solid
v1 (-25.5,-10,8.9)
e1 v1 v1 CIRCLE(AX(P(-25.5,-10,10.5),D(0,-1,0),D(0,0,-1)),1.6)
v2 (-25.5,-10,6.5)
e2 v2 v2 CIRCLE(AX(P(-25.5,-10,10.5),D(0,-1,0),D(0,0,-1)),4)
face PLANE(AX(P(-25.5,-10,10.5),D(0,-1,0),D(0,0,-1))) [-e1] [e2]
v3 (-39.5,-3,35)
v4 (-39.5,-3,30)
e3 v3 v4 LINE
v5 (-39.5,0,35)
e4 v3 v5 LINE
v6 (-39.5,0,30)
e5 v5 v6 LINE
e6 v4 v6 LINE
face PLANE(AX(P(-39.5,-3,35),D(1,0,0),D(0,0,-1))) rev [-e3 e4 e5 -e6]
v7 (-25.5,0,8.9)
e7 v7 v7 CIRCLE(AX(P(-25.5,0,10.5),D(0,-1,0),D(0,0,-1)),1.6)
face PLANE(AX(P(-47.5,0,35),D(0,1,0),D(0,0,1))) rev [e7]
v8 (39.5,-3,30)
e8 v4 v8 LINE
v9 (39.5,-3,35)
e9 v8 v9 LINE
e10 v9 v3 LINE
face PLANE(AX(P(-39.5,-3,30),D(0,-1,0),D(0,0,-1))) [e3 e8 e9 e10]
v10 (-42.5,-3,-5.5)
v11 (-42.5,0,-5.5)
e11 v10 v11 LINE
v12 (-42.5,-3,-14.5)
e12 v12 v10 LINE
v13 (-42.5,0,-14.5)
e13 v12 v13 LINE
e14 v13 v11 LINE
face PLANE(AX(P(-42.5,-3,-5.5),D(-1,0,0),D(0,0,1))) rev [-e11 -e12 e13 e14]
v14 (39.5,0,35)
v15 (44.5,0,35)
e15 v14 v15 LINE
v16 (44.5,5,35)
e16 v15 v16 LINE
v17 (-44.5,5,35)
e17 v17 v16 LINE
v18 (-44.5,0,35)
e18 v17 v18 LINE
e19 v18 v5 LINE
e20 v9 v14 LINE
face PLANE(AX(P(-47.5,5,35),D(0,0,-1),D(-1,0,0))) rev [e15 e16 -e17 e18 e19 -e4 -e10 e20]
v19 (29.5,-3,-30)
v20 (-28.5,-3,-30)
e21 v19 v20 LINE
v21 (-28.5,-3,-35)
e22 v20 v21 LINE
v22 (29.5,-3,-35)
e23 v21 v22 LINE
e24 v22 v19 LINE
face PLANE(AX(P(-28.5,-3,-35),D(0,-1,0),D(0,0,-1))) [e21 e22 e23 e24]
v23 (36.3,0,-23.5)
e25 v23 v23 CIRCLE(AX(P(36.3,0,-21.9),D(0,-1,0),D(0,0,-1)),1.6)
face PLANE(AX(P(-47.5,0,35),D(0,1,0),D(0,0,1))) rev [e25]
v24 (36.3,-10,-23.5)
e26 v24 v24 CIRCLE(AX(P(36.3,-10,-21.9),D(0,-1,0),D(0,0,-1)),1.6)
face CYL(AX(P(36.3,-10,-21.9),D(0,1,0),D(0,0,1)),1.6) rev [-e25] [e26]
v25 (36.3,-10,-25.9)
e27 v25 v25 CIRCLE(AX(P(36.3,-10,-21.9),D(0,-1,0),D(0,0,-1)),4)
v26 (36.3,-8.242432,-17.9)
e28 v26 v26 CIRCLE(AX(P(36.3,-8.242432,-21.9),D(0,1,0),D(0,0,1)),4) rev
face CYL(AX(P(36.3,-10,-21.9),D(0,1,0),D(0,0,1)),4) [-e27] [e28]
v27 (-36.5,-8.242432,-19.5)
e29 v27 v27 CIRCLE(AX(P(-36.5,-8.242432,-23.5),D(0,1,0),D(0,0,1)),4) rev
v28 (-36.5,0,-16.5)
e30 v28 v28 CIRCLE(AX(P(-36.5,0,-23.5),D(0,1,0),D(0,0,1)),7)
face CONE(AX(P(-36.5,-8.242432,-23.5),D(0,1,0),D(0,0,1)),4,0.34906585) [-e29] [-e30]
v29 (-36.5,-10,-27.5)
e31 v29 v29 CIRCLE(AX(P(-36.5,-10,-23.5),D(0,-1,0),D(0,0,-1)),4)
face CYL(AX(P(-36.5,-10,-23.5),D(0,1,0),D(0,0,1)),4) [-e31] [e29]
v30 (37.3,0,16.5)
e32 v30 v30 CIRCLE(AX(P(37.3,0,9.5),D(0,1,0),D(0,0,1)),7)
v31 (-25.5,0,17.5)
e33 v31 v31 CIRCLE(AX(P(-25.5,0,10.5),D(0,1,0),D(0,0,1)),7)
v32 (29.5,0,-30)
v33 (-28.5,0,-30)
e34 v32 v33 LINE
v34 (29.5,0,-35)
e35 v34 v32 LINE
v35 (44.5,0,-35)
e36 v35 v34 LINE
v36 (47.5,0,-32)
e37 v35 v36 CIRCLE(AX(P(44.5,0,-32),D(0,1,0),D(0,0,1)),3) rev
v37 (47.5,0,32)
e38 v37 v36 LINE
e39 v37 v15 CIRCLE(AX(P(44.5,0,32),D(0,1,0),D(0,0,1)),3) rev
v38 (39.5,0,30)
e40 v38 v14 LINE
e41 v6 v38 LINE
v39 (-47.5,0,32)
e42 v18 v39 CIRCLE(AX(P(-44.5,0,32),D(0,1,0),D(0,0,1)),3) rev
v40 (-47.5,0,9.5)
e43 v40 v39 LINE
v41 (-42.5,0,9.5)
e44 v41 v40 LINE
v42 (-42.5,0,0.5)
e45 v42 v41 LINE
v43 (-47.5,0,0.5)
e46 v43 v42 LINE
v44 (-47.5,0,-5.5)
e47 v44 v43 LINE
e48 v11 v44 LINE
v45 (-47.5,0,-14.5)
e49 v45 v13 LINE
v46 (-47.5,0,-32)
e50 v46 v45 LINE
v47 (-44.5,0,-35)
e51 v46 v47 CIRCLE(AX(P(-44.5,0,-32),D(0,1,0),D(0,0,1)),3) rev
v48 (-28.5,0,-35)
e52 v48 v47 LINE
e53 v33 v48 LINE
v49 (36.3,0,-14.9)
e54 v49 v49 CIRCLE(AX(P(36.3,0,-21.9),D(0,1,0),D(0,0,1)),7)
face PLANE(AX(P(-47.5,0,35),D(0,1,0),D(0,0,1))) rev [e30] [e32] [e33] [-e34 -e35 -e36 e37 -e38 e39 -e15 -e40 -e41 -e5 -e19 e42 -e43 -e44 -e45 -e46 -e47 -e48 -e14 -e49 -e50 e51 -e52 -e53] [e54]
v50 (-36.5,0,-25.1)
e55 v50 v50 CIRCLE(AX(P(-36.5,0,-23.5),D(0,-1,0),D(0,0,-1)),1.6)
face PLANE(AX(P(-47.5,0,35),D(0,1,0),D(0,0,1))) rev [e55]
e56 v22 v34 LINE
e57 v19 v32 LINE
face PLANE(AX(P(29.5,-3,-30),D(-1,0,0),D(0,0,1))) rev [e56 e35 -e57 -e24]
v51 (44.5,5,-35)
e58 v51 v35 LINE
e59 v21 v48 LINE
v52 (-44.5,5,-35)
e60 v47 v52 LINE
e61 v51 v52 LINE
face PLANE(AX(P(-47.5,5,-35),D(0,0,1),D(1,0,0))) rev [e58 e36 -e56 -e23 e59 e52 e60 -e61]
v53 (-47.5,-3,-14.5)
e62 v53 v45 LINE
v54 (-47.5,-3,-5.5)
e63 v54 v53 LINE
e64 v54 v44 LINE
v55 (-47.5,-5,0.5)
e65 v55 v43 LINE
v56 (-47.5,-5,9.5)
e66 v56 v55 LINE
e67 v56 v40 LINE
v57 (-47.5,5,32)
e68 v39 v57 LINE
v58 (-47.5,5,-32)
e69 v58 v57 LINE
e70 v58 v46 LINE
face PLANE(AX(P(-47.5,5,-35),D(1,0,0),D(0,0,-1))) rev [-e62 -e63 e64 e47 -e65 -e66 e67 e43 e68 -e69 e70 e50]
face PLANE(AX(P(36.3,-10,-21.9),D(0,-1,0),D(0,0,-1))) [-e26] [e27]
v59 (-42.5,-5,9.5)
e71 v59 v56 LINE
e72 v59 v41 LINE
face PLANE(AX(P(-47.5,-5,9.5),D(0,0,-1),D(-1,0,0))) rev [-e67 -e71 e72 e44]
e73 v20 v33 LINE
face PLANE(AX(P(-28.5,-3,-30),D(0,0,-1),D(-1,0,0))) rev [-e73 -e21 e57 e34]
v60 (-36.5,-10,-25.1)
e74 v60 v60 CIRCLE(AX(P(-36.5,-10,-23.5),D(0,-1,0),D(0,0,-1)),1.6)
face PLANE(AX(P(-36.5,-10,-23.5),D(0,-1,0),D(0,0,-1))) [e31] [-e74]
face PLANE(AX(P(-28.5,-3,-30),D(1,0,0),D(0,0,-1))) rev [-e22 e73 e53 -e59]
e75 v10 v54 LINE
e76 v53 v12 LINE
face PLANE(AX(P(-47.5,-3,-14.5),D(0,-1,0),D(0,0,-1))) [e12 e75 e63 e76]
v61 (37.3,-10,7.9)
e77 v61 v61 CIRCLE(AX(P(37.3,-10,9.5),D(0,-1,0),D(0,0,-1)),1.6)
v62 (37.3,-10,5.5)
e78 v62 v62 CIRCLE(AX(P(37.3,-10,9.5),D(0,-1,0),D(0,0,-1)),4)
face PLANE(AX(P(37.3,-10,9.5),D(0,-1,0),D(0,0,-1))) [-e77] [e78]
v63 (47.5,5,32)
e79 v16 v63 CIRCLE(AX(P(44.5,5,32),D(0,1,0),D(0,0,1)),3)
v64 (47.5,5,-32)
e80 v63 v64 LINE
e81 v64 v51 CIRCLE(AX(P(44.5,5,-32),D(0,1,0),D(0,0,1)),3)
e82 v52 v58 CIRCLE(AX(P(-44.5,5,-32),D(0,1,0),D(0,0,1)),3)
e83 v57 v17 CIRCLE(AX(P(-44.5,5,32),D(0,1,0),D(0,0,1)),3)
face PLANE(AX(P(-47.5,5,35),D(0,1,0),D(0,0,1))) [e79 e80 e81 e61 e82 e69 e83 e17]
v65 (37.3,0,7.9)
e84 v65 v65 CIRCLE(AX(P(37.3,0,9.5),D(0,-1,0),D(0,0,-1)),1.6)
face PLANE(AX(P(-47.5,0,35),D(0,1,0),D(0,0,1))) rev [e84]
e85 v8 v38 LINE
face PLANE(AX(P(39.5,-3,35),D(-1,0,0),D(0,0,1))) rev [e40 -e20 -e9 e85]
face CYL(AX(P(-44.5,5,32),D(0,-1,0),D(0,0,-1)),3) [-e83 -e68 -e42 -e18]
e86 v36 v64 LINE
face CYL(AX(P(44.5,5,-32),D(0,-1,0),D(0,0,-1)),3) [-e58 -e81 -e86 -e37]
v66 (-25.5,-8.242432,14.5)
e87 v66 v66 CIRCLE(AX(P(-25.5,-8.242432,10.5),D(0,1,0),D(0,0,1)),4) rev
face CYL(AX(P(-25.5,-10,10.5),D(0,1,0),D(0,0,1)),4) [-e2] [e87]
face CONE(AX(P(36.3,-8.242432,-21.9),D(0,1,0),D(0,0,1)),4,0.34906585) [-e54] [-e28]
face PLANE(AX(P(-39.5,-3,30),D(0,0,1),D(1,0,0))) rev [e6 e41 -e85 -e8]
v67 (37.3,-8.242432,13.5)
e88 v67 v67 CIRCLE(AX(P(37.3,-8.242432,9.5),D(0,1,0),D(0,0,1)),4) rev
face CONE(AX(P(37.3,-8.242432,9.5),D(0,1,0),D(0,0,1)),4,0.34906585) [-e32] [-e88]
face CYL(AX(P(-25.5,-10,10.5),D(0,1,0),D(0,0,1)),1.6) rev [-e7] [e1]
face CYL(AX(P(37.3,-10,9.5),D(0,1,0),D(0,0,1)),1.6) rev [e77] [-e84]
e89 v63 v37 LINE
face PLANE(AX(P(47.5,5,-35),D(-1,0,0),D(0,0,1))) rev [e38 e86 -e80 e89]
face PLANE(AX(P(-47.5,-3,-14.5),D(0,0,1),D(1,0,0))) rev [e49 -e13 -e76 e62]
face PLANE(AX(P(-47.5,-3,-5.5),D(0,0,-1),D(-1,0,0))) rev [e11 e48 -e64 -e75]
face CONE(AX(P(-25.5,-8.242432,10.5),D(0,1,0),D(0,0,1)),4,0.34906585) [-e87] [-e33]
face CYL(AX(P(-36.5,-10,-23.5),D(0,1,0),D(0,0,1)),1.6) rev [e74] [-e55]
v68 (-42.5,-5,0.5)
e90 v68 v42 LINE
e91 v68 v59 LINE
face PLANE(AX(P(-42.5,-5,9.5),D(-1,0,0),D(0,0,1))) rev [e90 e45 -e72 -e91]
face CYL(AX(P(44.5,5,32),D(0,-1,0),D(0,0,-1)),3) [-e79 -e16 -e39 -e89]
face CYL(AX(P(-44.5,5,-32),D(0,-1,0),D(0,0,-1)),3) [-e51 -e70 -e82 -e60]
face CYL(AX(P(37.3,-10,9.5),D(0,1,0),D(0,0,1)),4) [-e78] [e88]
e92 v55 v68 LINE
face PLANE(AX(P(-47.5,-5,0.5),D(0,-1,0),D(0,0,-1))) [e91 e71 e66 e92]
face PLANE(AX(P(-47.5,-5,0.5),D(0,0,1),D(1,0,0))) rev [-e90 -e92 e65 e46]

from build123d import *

# Parameters (mm, degrees)
ESQUISSE1_W      = 95
ESQUISSE1_H      = 70
EXTRUSION1_DEPTH = 5
ESQUISSE2_W      = 79
ESQUISSE2_H      = 5
ESQUISSE2_W_2    = 58
ESQUISSE2_W_3    = 5
ESQUISSE2_H_2    = 9
EXTRUSION2_DEPTH = 3
ESQUISSE3_W      = 5
ESQUISSE3_H      = 9
EXTRUSION3_DEPTH = 5
CONG_1_R         = 3
ESQUISSE5_R      = 4
ESQUISSE5_R_2    = 1.6
EXTRUSION4_DEPTH = 10
CHANFREIN1_SIZE  = 3
CHANFREIN1_SIZE2 = 8.242432258


with BuildPart() as part:
    # Esquisse1 → Extrusion1 (new body)
    with BuildSketch(Plane(origin=(0, 0, 0), x_dir=(1, 0, 0), z_dir=(0, 1, 0))):
        Rectangle(ESQUISSE1_W, ESQUISSE1_H)
    extrude(amount=EXTRUSION1_DEPTH)

    # Esquisse2 → Extrusion2 (add)
    with BuildSketch(Plane.XZ):
        with Locations((0, 32.5)):
            Rectangle(ESQUISSE2_W, ESQUISSE2_H)
        with Locations((0.5, -32.5)):
            Rectangle(ESQUISSE2_W_2, ESQUISSE2_H)
        with Locations((-45, -10)):
            Rectangle(ESQUISSE2_W_3, ESQUISSE2_H_2)
    extrude(amount=EXTRUSION2_DEPTH)

    # Esquisse3 → Extrusion3 (add)
    with BuildSketch(Plane.XZ):
        with Locations((-45, 5)):
            Rectangle(ESQUISSE3_W, ESQUISSE3_H)
    extrude(amount=EXTRUSION3_DEPTH)

    # Congé1
    cong_1_edges = [part.edges().sort_by_distance(p)[0] for p in [
        (47.5, 2.5, -35),
        (-47.5, 2.5, -35),
        (-47.5, 2.5, 35),
        (47.5, 2.5, 35),
    ]]
    fillet(cong_1_edges, radius=CONG_1_R)

    # Esquisse5 → Extrusion4 (add)
    with BuildSketch(Plane.XZ):
        with Locations((-25.5, 10.5)):
            Circle(ESQUISSE5_R)
        with Locations((-25.5, 10.5)):
            Circle(ESQUISSE5_R_2, mode=Mode.SUBTRACT)
        with Locations((37.3, 9.5)):
            Circle(ESQUISSE5_R)
        with Locations((37.3, 9.5)):
            Circle(ESQUISSE5_R_2, mode=Mode.SUBTRACT)
        with Locations((36.3, -21.9)):
            Circle(ESQUISSE5_R)
        with Locations((36.3, -21.9)):
            Circle(ESQUISSE5_R_2, mode=Mode.SUBTRACT)
        with Locations((-36.5, -23.5)):
            Circle(ESQUISSE5_R)
        with Locations((-36.5, -23.5)):
            Circle(ESQUISSE5_R_2, mode=Mode.SUBTRACT)
    extrude(amount=EXTRUSION4_DEPTH)

    # Chanfrein1
    chanfrein1_edges = [part.edges().sort_by_distance(p)[0] for p in [
        (-29.5, 0, 10.5),
        (32.3, 0, -21.9),
        (-40.5, 0, -23.5),
        (33.3, 0, 9.5),
    ]]
    chanfrein1_side = [part.faces().sort_by_distance(p)[0] for p in [
        (0.586268245, 0, -0.3372194),
    ]]
    chamfer(chanfrein1_edges, length=CHANFREIN1_SIZE, length2=CHANFREIN1_SIZE2, reference=chanfrein1_side[0])


solid = part.part
